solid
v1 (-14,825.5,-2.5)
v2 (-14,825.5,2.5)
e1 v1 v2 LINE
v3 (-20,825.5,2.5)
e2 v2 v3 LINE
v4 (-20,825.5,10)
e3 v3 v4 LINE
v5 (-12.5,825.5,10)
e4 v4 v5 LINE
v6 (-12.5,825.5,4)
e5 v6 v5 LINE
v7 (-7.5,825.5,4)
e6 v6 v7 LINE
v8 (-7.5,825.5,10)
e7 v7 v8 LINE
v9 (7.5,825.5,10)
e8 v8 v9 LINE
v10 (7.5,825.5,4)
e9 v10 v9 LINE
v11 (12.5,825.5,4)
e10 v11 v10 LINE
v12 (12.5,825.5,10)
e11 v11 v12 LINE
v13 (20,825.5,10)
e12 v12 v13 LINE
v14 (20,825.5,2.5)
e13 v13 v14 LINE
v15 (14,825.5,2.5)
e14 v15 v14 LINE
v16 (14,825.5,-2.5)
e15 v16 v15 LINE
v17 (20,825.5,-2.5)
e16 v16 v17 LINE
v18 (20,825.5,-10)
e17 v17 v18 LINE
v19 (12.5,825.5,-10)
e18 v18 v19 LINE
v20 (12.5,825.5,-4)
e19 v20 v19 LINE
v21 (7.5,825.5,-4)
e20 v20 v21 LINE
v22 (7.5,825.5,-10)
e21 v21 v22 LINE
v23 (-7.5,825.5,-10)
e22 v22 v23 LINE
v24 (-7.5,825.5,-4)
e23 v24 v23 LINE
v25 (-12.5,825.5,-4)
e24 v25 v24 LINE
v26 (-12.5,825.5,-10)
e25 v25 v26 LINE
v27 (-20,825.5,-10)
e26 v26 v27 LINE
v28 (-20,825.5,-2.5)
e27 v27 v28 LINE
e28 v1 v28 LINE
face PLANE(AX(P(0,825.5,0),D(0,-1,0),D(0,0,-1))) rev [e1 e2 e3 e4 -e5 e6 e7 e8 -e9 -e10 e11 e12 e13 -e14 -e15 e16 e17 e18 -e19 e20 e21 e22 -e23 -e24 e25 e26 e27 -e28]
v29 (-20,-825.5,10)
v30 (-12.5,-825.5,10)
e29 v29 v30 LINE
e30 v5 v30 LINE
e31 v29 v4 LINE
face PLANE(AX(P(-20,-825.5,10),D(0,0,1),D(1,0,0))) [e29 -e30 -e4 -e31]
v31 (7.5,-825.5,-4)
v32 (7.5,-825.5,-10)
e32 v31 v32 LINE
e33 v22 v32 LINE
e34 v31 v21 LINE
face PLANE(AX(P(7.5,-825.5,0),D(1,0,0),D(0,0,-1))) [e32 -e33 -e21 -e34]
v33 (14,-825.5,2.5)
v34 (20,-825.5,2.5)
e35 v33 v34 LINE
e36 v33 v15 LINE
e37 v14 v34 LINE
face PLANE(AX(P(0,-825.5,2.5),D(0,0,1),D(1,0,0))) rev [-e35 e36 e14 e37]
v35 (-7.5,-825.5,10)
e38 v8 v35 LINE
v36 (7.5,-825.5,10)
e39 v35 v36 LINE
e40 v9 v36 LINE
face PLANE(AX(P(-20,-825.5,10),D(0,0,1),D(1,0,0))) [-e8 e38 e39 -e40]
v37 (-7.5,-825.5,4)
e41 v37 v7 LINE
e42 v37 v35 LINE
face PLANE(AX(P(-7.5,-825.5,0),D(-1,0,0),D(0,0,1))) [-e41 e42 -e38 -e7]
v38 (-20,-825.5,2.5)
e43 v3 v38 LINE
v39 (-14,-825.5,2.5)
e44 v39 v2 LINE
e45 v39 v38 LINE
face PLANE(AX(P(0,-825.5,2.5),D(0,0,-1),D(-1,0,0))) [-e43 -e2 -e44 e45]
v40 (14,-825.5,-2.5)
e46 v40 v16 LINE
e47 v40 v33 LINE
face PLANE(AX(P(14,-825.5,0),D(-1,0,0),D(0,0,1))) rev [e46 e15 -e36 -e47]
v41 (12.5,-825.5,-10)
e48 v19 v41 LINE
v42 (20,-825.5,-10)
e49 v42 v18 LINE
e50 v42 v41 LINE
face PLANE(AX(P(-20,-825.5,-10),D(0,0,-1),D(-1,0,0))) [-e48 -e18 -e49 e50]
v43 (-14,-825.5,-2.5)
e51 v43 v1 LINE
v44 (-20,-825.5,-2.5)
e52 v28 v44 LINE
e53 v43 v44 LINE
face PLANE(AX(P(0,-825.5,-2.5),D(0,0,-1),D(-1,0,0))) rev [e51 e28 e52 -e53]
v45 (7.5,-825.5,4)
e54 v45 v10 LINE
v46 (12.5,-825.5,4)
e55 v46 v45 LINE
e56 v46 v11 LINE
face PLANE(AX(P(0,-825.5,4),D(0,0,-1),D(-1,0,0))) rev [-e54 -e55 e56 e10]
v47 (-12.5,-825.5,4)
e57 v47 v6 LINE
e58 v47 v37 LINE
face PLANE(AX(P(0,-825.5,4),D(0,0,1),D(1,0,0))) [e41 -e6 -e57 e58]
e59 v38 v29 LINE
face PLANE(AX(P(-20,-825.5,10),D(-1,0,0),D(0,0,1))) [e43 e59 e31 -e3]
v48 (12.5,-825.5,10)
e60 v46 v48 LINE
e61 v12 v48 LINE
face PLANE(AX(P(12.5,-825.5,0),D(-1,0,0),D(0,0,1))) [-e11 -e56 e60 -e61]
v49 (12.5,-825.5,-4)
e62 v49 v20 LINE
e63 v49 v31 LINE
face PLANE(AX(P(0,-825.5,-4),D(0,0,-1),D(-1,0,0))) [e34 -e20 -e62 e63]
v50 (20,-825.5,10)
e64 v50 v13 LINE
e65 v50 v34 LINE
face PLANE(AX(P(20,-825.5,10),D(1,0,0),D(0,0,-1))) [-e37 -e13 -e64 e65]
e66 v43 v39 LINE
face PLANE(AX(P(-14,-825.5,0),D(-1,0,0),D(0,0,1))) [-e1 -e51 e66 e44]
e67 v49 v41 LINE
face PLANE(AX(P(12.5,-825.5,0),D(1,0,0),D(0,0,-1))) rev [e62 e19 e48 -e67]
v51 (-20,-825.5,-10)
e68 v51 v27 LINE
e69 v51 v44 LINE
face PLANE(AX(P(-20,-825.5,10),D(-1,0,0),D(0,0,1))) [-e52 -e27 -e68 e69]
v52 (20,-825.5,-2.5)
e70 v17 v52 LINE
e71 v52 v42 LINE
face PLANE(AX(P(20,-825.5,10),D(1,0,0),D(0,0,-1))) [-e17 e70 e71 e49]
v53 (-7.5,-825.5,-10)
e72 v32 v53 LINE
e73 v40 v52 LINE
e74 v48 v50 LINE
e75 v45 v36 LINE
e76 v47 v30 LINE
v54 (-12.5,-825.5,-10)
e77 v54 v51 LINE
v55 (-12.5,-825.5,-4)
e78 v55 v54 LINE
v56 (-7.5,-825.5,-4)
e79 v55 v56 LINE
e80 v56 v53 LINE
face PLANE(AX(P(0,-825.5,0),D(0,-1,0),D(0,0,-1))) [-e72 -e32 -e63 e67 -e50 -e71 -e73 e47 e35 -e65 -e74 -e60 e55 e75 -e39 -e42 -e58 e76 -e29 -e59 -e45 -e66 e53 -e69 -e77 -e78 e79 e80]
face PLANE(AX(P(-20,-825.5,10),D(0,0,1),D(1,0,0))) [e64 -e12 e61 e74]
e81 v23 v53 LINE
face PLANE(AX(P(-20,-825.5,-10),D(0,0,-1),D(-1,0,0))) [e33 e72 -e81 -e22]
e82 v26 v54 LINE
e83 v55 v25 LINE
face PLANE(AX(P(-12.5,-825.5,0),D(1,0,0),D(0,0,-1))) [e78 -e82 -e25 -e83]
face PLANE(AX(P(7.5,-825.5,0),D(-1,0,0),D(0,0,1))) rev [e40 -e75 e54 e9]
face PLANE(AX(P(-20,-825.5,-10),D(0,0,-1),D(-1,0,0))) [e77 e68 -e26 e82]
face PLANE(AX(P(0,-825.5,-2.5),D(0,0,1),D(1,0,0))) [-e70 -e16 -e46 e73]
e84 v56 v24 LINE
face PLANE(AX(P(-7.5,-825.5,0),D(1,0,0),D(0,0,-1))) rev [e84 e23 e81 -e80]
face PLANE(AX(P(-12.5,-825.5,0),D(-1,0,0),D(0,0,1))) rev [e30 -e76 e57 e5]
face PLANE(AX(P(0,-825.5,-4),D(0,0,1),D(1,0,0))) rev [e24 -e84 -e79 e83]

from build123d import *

# Parameters (mm, degrees)
BOSS_EXTRUDE1_DEPTH      = 825.5
BOSS_EXTRUDE1_DEPTH_BACK = 825.5
SKETCH1_W                = 40
SKETCH1_H                = 20
CUT_EXTRUDE1_DEPTH       = 826.802791228
CUT_EXTRUDE1_DEPTH_BACK  = 826.802791228
SKETCH2_W                = 5
SKETCH2_H                = 12
SKETCH2_W_2              = 12
SKETCH2_H_2              = 5


with BuildPart() as part:
    # Sketch1 → Boss-Extrude1 (new, two sides: drawn at the far end of the back side and taken through both)
    with BuildSketch(Plane(origin=(0, 0, 0), x_dir=(1, 0, 0), z_dir=(0, 1, 0)).offset(-BOSS_EXTRUDE1_DEPTH_BACK)):
        Rectangle(SKETCH1_W, SKETCH1_H)
    extrude(amount=BOSS_EXTRUDE1_DEPTH + BOSS_EXTRUDE1_DEPTH_BACK)

    # Sketch2 → Cut-Extrude1 (cut, two sides: drawn at the far end of the back side and taken through both)
    with BuildSketch(Plane(origin=(0, 0, 0), x_dir=(1, 0, 0), z_dir=(0, 1, 0)).offset(-CUT_EXTRUDE1_DEPTH_BACK)):
        with Locations((-10, 10)):
            Rectangle(SKETCH2_W, SKETCH2_H)
        with Locations((-10, -10)):
            Rectangle(SKETCH2_W, SKETCH2_H)
        with Locations((-20, 0)):
            Rectangle(SKETCH2_W_2, SKETCH2_H_2)
        with Locations((10, 10)):
            Rectangle(SKETCH2_W, SKETCH2_H)
        with Locations((20, 0)):
            Rectangle(SKETCH2_W_2, SKETCH2_H_2)
        with Locations((10, -10)):
            Rectangle(SKETCH2_W, SKETCH2_H)
    extrude(amount=CUT_EXTRUDE1_DEPTH + CUT_EXTRUDE1_DEPTH_BACK, mode=Mode.SUBTRACT)


solid = part.part
